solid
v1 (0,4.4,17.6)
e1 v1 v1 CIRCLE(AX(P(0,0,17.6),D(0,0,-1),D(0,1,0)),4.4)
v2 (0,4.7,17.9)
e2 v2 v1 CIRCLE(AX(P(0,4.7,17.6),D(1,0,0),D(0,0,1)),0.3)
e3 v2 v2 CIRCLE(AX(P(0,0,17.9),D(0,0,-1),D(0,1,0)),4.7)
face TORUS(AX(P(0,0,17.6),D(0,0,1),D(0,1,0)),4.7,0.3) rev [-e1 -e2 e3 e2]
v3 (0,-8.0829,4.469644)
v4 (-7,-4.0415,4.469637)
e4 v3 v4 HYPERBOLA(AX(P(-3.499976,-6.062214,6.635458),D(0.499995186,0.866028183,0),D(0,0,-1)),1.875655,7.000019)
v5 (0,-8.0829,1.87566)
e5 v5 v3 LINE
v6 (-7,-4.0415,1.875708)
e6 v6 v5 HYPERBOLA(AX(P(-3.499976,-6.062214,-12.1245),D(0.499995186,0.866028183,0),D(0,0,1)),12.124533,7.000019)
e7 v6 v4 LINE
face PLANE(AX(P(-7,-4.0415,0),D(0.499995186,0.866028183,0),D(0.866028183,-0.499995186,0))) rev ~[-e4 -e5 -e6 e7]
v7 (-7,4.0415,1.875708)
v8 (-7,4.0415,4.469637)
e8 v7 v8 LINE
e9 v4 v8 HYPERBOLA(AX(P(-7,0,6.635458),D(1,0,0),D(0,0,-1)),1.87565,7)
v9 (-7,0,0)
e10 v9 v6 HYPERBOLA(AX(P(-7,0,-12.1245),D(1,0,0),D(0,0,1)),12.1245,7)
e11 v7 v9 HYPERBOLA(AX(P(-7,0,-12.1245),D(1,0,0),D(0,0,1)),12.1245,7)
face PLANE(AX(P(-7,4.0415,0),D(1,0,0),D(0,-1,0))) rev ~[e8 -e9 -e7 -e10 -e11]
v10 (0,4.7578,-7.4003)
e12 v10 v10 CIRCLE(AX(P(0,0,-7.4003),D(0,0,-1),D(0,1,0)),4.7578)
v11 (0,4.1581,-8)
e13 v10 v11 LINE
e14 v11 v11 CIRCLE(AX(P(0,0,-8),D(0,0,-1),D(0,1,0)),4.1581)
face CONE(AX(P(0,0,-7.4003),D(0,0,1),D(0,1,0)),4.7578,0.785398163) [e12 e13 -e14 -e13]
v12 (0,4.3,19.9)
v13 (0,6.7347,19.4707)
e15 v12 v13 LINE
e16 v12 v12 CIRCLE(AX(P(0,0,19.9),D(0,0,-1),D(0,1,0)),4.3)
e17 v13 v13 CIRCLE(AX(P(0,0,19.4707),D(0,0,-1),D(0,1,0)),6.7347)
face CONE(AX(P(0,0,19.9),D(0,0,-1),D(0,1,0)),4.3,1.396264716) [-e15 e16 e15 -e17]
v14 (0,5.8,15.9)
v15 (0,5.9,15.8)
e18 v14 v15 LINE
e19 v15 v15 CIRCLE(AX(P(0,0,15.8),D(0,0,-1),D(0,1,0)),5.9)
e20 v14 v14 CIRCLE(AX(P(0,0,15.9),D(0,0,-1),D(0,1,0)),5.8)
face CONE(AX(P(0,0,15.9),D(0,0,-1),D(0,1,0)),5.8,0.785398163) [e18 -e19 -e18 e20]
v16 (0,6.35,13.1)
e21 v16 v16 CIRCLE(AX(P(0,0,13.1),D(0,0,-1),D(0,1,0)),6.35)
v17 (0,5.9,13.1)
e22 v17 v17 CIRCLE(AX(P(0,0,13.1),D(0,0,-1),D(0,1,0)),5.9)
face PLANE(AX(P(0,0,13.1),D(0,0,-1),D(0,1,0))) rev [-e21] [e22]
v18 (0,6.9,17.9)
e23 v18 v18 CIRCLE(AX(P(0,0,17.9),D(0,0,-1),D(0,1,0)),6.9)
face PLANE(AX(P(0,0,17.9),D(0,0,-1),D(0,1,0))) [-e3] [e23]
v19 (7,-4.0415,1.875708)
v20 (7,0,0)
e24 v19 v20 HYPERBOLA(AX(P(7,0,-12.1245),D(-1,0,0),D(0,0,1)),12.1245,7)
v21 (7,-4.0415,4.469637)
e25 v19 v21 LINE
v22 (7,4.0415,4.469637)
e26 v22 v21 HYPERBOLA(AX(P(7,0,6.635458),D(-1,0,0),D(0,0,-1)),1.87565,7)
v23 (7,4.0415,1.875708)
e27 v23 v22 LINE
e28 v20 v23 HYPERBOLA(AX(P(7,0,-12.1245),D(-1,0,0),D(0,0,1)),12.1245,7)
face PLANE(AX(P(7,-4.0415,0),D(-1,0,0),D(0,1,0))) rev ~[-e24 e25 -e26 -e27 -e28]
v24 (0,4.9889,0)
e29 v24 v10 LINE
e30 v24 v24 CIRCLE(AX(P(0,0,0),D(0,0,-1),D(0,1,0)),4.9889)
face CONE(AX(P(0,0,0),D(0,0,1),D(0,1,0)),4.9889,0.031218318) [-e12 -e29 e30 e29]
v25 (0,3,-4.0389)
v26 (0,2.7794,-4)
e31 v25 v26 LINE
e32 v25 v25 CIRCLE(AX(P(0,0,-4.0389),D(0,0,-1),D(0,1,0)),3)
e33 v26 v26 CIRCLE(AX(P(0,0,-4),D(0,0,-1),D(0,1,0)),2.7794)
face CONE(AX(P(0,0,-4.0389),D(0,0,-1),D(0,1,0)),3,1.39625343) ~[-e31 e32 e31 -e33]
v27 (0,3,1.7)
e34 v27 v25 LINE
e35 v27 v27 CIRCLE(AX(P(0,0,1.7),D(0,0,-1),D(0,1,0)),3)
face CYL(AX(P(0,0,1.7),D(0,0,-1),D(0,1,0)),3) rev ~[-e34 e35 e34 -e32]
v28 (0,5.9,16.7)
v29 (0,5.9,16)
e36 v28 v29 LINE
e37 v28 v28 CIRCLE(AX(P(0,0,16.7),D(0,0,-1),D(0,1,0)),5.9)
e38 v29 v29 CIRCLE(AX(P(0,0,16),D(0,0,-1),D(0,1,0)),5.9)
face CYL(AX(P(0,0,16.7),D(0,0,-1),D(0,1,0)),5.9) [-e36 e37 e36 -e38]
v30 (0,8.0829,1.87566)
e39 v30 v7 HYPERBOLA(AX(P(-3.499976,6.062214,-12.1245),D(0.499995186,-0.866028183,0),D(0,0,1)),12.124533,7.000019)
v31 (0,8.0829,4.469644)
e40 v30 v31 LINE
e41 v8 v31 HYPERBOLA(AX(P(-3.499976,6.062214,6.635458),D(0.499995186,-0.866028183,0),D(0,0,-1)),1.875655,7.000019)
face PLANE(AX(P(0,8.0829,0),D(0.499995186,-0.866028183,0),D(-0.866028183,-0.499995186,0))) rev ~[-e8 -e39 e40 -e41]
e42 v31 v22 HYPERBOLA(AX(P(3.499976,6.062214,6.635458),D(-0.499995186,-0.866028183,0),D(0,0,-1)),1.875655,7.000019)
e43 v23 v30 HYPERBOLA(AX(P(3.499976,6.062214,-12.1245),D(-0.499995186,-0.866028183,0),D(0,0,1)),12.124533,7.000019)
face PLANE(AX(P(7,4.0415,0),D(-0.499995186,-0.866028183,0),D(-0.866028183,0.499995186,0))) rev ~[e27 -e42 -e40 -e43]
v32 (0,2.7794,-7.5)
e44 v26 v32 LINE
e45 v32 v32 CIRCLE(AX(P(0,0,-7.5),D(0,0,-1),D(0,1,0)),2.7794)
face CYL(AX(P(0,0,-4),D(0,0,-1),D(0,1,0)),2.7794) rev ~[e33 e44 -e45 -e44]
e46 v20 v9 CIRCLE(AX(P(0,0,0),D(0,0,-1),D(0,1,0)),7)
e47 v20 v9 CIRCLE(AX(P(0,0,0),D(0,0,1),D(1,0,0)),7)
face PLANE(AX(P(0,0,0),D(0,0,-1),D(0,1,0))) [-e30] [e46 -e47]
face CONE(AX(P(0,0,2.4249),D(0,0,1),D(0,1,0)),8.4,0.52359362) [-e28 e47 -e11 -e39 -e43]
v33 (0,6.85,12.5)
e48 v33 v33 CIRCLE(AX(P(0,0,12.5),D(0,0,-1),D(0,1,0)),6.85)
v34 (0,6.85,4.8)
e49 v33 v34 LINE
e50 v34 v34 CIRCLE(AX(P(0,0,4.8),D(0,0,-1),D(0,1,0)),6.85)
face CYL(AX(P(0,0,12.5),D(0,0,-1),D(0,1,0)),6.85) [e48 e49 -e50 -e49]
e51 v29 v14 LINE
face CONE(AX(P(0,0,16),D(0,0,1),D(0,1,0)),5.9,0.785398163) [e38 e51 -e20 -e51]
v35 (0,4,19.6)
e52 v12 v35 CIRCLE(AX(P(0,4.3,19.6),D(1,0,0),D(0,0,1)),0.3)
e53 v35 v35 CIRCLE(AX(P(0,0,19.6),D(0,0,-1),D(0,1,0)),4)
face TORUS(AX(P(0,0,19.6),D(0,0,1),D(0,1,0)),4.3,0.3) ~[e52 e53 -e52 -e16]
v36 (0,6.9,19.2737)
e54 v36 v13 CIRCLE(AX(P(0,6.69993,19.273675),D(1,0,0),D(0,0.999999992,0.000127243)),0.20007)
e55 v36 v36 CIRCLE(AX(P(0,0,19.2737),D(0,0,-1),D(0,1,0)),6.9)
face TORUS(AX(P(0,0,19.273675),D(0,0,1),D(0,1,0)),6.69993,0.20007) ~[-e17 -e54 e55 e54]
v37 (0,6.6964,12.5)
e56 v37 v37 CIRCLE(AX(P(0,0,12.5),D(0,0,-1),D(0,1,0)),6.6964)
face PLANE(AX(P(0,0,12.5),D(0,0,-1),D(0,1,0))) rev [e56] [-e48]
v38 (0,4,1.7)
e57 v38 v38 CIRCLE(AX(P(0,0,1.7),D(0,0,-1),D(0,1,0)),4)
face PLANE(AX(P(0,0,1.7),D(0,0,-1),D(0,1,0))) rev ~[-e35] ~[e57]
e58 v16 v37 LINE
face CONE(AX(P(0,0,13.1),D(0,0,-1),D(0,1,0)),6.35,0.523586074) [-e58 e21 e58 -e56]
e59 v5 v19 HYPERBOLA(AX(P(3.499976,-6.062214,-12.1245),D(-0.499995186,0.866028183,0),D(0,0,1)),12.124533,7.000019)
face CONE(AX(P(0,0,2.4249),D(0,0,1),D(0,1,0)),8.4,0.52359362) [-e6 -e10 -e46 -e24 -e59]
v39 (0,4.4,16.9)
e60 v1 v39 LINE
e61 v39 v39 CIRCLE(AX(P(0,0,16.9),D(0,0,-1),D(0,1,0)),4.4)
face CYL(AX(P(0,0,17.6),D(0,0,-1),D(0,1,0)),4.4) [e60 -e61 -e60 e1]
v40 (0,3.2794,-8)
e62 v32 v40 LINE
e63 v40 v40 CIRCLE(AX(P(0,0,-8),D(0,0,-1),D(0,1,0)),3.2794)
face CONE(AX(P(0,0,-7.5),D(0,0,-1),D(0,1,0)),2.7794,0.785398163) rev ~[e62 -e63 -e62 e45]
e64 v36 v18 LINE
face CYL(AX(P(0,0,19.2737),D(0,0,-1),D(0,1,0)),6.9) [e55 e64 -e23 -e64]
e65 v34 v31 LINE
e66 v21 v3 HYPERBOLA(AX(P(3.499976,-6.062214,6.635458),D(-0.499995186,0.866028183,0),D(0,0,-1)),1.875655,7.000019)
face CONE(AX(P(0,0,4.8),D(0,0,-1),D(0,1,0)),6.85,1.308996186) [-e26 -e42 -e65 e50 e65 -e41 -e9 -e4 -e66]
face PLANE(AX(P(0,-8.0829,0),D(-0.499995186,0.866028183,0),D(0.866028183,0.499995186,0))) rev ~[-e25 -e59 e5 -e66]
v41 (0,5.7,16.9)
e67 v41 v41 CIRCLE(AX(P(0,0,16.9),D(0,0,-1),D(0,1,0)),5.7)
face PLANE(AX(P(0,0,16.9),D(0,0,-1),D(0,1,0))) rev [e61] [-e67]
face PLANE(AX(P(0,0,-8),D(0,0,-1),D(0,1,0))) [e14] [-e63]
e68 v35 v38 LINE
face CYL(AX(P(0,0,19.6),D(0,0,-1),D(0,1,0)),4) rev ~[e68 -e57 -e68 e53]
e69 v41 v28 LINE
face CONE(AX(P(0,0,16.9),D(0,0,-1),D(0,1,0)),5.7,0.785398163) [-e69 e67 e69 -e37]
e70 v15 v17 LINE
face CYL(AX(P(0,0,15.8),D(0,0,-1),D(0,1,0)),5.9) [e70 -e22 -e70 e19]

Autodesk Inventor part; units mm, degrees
sketch "Sketch_2" plane through (0, 0, 0) normal (1, 0, 0) x (0, 1, 0)
  line L0 (0, 0) -> (0, 19.9)
  line L1 (0, 19.9) -> (4.3, 19.9)
  line L2 (4.3, 19.9) -> (6.7347, 19.4707)
  arc A0 (6.9, 19.2737) -> (6.7347, 19.4707) centre (6.7, 19.2737) ccw
  line L3 (6.9, 19.2737) -> (6.9, 17.9)
  line L4 (6.9, 17.9) -> (4.7, 17.9)
  arc A1 (4.7, 17.9) -> (4.4, 17.6) centre (4.7, 17.6) ccw
  line L5 (4.4, 17.6) -> (4.4, 16.9)
  line L6 (4.4, 16.9) -> (5.7, 16.9)
  line L7 (5.7, 16.9) -> (5.9, 16.7)
  line L8 (5.9, 16.7) -> (5.9, 16)
  line L9 (5.9, 16) -> (5.8, 15.9)
  line L10 (5.8, 15.9) -> (5.9, 15.8)
  line L11 (5.9, 15.8) -> (5.9, 13.1)
  line L12 (5.9, 13.1) -> (8.4, 13.1)
  line L13 (8.4, 13.1) -> (8.4, 2.4249)
  line L14 (8.4, 2.4249) -> (7, 0)
  line L15 (7, 0) -> (0, 0)
  line L16 (0, 0) -> (0, 19.9)
revolve "Revolution1" add sketch "Sketch_2" angle 360 about axis through (0, 0, 0) along (0, 0, -1)
sketch "Sketch_3" plane through (0, 0, 0) normal (0, 0, 1) x (1, 0, 0)
  line L0 (-14, -14) -> (14, -14)
  line L1 (14, -14) -> (14, 14)
  line L2 (14, 14) -> (-14, 14)
  line L3 (-14, 14) -> (-14, -14)
  line L4 (-7, -4.0415) -> (0, -8.0829)
  line L5 (0, -8.0829) -> (7, -4.0415)
  line L6 (7, -4.0415) -> (7, 4.0415)
  line L7 (7, 4.0415) -> (0, 8.0829)
  line L8 (0, 8.0829) -> (-7, 4.0415)
  line L9 (-7, 4.0415) -> (-7, -4.0415)
extrude "Extrusion1" cut sketch "Sketch_3" along normal blind 13.2
sketch "Sketch_4" plane through (0, 0, 0) normal (1, 0, 0) x (0, 1, 0)
  line L0 (0, -50) -> (0, 50)
  line L1 (6.35, 13.1) -> (6.6964, 12.5)
  line L2 (6.6964, 12.5) -> (6.85, 12.5)
  line L3 (6.85, 12.5) -> (6.85, 4.8)
  line L4 (6.85, 4.8) -> (16.85, 2.1205)
  line L5 (16.85, 2.1205) -> (16.85, 13.1)
  line L6 (16.85, 13.1) -> (6.35, 13.1)
revolve "Revolution2" cut sketch "Sketch_4" angle 360 about axis through (0, 0, -50) along (0, 0, -1)
sketch "Sketch_6" plane through (0, 0, 0) normal (1, 0, 0) x (0, 1, 0)
  line L0 (0, -8) -> (0, 0)
  line L1 (0, 0) -> (4.9889, 0)
  line L2 (4.9889, 0) -> (4.7578, -7.4003)
  line L3 (4.7578, -7.4003) -> (4.1581, -8)
  line L4 (4.1581, -8) -> (0, -8)
  line L5 (0, -8) -> (0, 0)
revolve "Revolution3" add sketch "Sketch_6" angle 360 about axis through (0, 0, -8) along (0, 0, -1)
thread "Thread1" size "R 1/8" standard "ISO Taper" length 6.4034
sketch "Sketch_5" plane through (0, 0, 0) normal (1, 0, 0) x (0, 1, 0)
  line L0 (0, -8) -> (0, 19.9)
  line L1 (0, 19.9) -> (4.3, 19.9)
  arc A0 (4.3, 19.9) -> (4, 19.6) centre (4.3, 19.6) ccw
  line L2 (4, 19.6) -> (4, 1.7)
  line L3 (4, 1.7) -> (3, 1.7)
  line L4 (3, 1.7) -> (3, -4.0389)
  line L5 (3, -4.0389) -> (2.7794, -4)
  line L6 (2.7794, -4) -> (2.7794, -7.5)
  line L7 (2.7794, -7.5) -> (3.2794, -8)
  line L8 (3.2794, -8) -> (0, -8)
  line L9 (0, -8) -> (0, 19.9)
revolve "Revolution4" cut sketch "Sketch_5" angle 360 about axis through (0, 0, -8) along (0, 0, -1)
ref_plane "ANBAU_XY" through (0, 0, -4) normal (0, 0, 1) x (1, 0, 0)
ref_plane "ANBAU_YZ" through (0, 0, -4) normal (1, 0, 0) x (0, 1, 0)
ref_plane "ANBAU_ZX" through (0, 0, -4) normal (0, 1, 0) x (0, 0, 1)
ref_plane "ANBAU_FDT3D_XY" through (0, 0, -4) normal (0, 0, -1) x (1, 0, 0)
ref_plane "ANBAU_FDT3D_YZ" through (0, 0, -4) normal (1, 0, 0) x (0, -1, 0)
ref_plane "ANBAU_FDT3D_ZX" through (0, 0, -4) normal (0, -1, 0) x (0, 0, -1)
ref_plane "ANBAU_STD_XY" through (0, 0, -4) normal (0, 0, 1) x (1, 0, 0)
ref_plane "ANBAU_STD_YZ" through (0, 0, -4) normal (1, 0, 0) x (0, 1, 0)
ref_plane "ANBAU_STD_ZX" through (0, 0, -4) normal (0, 1, 0) x (0, 0, 1)
ref_plane "DROSSEL_XY" through (0, 0, -4) normal (0, 0, -1) x (1, 0, 0)
ref_plane "DROSSEL_YZ" through (0, 0, -4) normal (1, 0, 0) x (0, -1, 0)
ref_plane "DROSSEL_ZX" through (0, 0, -4) normal (0, -1, 0) x (0, 0, -1)
ref_plane "FDT_SCHLAUCH_XY" through (0, 0, 1.7) normal (0, 0, 1) x (1, 0, 0)
ref_plane "FDT_SCHLAUCH_YZ" through (0, 0, 1.7) normal (1, 0, 0) x (0, 1, 0)
ref_plane "FDT_SCHLAUCH_ZX" through (0, 0, 1.7) normal (0, 1, 0) x (0, 0, 1)
ref_plane "TO_CAP_XY" through (0, 0, 19.9) normal (0, 0, 1) x (1, 0, 0)
ref_plane "TO_CAP_YZ" through (0, 0, 19.9) normal (1, 0, 0) x (0, 1, 0)
ref_plane "TO_CAP_ZX" through (0, 0, 19.9) normal (0, 1, 0) x (0, 0, 1)
properties part number "153004 QS-1/8-8"
